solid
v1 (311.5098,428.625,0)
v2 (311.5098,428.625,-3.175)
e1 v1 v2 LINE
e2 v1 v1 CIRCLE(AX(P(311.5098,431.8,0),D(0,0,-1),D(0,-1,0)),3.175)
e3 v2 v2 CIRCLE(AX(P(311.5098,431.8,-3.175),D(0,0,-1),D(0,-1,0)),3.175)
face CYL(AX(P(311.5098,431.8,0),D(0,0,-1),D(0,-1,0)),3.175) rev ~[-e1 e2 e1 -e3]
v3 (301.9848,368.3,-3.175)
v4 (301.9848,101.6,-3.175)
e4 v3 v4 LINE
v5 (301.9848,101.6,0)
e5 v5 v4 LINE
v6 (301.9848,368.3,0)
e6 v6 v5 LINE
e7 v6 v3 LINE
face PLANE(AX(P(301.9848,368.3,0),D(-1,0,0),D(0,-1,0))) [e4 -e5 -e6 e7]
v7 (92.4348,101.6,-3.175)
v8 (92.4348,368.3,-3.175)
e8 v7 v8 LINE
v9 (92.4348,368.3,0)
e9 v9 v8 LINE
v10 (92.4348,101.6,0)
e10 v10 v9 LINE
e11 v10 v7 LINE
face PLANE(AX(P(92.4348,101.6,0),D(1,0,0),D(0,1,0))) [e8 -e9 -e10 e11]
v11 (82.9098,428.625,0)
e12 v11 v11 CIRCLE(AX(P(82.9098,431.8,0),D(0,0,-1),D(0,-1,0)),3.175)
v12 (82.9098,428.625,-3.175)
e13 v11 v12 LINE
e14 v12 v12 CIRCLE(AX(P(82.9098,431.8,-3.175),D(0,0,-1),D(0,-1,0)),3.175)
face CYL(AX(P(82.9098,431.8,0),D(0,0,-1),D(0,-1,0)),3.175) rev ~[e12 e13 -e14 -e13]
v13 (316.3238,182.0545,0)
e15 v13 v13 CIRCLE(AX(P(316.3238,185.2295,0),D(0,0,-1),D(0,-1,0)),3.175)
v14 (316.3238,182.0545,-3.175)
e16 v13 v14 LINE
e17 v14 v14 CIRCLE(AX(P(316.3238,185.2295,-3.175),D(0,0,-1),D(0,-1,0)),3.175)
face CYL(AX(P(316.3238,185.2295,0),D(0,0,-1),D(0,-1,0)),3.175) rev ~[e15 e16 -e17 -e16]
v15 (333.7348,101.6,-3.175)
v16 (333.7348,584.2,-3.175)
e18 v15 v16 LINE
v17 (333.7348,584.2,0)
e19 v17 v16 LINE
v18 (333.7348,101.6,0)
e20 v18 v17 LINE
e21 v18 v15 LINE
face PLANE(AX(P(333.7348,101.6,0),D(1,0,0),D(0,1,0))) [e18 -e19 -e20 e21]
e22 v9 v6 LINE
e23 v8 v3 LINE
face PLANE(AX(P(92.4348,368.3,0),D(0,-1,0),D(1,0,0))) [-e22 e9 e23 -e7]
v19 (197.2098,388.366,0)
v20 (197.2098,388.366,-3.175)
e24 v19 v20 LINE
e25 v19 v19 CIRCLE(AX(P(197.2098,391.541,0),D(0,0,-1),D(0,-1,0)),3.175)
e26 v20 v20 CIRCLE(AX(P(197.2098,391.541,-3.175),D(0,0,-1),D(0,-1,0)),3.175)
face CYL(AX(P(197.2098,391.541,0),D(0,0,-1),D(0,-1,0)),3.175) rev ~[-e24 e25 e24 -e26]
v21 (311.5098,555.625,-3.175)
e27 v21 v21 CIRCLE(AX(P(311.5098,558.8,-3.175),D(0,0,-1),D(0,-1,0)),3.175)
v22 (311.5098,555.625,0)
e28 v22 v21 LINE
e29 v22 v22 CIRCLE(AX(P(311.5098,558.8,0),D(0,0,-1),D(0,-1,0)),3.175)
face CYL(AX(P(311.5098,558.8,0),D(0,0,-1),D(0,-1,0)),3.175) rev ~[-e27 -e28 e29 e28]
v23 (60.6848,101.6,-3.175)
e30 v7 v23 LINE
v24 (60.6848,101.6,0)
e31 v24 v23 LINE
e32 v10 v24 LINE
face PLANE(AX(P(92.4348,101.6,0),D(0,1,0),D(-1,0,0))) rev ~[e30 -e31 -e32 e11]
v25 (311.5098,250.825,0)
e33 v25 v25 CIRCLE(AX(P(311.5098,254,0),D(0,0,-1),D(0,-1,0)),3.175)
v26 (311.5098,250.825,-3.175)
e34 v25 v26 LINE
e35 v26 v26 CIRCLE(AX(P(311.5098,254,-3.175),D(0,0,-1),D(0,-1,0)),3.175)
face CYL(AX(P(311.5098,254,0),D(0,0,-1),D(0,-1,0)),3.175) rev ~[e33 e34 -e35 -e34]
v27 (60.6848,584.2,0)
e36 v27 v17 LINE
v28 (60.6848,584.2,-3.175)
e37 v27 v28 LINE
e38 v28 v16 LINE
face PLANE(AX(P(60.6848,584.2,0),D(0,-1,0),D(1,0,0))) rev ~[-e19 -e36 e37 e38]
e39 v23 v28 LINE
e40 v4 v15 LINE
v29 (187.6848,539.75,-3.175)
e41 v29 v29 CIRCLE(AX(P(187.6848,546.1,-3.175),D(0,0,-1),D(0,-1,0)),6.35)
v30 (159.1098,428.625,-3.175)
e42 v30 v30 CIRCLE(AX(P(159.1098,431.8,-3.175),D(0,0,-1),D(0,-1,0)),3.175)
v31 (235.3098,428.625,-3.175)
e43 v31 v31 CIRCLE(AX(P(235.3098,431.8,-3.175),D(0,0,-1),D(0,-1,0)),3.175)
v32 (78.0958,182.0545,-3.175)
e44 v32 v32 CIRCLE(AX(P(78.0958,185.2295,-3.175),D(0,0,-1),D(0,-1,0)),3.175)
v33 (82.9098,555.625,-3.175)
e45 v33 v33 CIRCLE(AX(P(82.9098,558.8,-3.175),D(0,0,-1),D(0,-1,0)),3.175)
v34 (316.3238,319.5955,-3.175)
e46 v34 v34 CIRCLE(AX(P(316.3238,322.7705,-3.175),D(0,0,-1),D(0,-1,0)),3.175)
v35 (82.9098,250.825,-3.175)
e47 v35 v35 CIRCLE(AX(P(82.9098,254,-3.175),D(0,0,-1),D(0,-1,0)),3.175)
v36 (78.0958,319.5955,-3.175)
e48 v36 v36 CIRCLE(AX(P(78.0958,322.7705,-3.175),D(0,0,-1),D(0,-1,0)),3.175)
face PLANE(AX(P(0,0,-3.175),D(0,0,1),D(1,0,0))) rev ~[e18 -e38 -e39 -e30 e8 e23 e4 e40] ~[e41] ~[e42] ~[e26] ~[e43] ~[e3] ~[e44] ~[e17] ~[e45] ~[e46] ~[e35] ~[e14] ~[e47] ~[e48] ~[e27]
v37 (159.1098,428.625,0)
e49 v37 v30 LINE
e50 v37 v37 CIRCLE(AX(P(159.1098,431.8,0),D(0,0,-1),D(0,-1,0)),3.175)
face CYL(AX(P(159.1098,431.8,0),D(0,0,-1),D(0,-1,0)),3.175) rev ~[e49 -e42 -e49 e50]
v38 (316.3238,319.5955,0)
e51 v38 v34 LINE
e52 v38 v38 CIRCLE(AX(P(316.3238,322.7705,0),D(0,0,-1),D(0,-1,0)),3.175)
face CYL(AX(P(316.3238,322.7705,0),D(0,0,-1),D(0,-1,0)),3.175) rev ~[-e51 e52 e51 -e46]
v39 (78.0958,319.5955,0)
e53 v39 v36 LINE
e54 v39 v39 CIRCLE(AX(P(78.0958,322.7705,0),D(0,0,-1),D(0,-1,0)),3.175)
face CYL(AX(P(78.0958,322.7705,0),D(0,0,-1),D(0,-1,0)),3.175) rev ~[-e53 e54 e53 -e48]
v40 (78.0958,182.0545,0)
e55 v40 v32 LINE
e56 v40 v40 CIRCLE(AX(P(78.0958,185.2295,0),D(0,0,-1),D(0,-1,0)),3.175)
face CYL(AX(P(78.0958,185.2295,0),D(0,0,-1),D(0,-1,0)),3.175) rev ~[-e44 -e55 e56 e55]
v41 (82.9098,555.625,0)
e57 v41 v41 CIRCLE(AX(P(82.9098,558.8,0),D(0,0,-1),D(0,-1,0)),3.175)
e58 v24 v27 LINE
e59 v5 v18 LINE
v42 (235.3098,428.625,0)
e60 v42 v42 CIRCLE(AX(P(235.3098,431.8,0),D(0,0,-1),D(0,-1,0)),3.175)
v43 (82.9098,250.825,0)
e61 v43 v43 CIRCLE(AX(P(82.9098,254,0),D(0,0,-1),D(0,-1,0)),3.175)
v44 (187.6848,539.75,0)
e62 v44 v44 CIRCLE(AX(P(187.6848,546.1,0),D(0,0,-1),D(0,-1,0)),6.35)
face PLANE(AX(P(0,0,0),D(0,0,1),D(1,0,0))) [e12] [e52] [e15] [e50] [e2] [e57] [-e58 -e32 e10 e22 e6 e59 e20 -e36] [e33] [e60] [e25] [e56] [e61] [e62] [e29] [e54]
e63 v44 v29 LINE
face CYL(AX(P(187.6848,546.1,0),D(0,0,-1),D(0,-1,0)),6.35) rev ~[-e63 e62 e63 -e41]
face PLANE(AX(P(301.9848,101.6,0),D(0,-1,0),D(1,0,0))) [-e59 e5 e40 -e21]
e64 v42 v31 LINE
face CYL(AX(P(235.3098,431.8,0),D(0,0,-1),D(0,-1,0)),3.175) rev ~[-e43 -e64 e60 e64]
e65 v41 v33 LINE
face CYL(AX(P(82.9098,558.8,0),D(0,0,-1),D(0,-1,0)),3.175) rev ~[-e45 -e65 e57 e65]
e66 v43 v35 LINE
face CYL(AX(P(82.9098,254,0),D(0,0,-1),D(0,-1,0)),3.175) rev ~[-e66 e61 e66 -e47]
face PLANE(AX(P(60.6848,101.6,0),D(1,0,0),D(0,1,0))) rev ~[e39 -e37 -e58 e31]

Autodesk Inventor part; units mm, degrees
ref_plane "YZ Plane" through (0, 0, 0) normal (1, 0, 0) x (0, 1, 0)
ref_plane "XZ Plane" through (0, 0, 0) normal (0, 1, 0) x (-1, 0, 0)
ref_plane "XY Plane" through (0, 0, 0) normal (0, 0, 1) x (1, 0, 0)
sketch "Sketch1" plane through (0, 0, 0) normal (0, 0, 1) x (1, 0, 0)
  line L0 (333.7348, 101.6) -> (333.7348, 584.2)
  line L1 (92.4348, 101.6) -> (92.4348, 368.3)
  line L2 (92.4348, 368.3) -> (301.9848, 368.3)
  line L3 (301.9848, 368.3) -> (301.9848, 101.6)
  line L4 (301.9848, 101.6) -> (333.7348, 101.6)
  line L5 (92.4348, 101.6) -> (60.6848, 101.6)
  line L6 (60.6848, 101.6) -> (60.6848, 584.2)
  line L7 (60.6848, 584.2) -> (333.7348, 584.2)
  point P0 (0, 0)
  point P1 (197.2098, 254)
  point P2 (197.2098, 391.541)
  point P3 (78.0958, 322.7705)
  point P4 (78.0958, 185.2295)
  point P5 (197.2098, 116.459)
  point P6 (316.3238, 185.2295)
  point P7 (316.3238, 322.7705)
  point P8 (187.6848, 546.1)
  point P9 (311.5098, 254)
  point P10 (311.5098, 558.8)
  point P11 (311.5098, 431.8)
  point P12 (82.9098, 558.8)
  point P13 (82.9098, 431.8)
  point P14 (82.9098, 254)
  point P15 (235.3098, 431.8)
  point P16 (159.1098, 431.8)
  dimension "d1" = 482.6
  dimension "d4" = 137.541
  dimension "d7" = 360
  dimension "d9" = 31.75
  dimension "d21" = 31.75
  dimension "d23" = 114.3
  dimension "d24" = 38.1
  dimension "d33" = 273.05
  dimension "d34" = 146.05
  dimension "d35" = 25.4
  dimension "d36" = 25.4
  dimension "d39" = 177.8
  dimension "d40" = 177.8
  dimension "d48" = 22.225
  dimension "d49" = 22.225
  dimension "d51" = 76.2
  dimension "d52" = 76.2
  dimension "d53" = 76.2
  dimension "d54" = 209.55
  dimension "d55" = 266.7
  dimension "d56" = 104.775
  dimension "d57" = 152.4
  dimension "d58" = 152.4
extrude "Extrusion1" add sketch "Sketch1" against normal blind 3.175
hole "Hole1" at (197.2098, 254, 0) at (197.2098, 391.541, 0) at (78.0958, 322.7705, 0) at (78.0958, 185.2295, 0) at (197.2098, 116.459, 0) at (316.3238, 185.2295, 0) at (316.3238, 322.7705, 0) direction (0, 0, -1) diameter 6.35 depth 25.4 tip angle 118
hole "Hole2" at (187.6848, 546.1, 0) direction (0, 0, -1) diameter 12.7 depth 25.4 tip angle 118
hole "Hole3" at (311.5098, 254, 0) at (311.5098, 558.8, 0) at (311.5098, 431.8, 0) at (82.9098, 558.8, 0) at (82.9098, 431.8, 0) at (82.9098, 254, 0) at (159.1098, 431.8, 0) at (235.3098, 431.8, 0) direction (0, 0, -1) diameter 6.35 depth 25.4 tip angle 118
properties part number "bottom plate"
